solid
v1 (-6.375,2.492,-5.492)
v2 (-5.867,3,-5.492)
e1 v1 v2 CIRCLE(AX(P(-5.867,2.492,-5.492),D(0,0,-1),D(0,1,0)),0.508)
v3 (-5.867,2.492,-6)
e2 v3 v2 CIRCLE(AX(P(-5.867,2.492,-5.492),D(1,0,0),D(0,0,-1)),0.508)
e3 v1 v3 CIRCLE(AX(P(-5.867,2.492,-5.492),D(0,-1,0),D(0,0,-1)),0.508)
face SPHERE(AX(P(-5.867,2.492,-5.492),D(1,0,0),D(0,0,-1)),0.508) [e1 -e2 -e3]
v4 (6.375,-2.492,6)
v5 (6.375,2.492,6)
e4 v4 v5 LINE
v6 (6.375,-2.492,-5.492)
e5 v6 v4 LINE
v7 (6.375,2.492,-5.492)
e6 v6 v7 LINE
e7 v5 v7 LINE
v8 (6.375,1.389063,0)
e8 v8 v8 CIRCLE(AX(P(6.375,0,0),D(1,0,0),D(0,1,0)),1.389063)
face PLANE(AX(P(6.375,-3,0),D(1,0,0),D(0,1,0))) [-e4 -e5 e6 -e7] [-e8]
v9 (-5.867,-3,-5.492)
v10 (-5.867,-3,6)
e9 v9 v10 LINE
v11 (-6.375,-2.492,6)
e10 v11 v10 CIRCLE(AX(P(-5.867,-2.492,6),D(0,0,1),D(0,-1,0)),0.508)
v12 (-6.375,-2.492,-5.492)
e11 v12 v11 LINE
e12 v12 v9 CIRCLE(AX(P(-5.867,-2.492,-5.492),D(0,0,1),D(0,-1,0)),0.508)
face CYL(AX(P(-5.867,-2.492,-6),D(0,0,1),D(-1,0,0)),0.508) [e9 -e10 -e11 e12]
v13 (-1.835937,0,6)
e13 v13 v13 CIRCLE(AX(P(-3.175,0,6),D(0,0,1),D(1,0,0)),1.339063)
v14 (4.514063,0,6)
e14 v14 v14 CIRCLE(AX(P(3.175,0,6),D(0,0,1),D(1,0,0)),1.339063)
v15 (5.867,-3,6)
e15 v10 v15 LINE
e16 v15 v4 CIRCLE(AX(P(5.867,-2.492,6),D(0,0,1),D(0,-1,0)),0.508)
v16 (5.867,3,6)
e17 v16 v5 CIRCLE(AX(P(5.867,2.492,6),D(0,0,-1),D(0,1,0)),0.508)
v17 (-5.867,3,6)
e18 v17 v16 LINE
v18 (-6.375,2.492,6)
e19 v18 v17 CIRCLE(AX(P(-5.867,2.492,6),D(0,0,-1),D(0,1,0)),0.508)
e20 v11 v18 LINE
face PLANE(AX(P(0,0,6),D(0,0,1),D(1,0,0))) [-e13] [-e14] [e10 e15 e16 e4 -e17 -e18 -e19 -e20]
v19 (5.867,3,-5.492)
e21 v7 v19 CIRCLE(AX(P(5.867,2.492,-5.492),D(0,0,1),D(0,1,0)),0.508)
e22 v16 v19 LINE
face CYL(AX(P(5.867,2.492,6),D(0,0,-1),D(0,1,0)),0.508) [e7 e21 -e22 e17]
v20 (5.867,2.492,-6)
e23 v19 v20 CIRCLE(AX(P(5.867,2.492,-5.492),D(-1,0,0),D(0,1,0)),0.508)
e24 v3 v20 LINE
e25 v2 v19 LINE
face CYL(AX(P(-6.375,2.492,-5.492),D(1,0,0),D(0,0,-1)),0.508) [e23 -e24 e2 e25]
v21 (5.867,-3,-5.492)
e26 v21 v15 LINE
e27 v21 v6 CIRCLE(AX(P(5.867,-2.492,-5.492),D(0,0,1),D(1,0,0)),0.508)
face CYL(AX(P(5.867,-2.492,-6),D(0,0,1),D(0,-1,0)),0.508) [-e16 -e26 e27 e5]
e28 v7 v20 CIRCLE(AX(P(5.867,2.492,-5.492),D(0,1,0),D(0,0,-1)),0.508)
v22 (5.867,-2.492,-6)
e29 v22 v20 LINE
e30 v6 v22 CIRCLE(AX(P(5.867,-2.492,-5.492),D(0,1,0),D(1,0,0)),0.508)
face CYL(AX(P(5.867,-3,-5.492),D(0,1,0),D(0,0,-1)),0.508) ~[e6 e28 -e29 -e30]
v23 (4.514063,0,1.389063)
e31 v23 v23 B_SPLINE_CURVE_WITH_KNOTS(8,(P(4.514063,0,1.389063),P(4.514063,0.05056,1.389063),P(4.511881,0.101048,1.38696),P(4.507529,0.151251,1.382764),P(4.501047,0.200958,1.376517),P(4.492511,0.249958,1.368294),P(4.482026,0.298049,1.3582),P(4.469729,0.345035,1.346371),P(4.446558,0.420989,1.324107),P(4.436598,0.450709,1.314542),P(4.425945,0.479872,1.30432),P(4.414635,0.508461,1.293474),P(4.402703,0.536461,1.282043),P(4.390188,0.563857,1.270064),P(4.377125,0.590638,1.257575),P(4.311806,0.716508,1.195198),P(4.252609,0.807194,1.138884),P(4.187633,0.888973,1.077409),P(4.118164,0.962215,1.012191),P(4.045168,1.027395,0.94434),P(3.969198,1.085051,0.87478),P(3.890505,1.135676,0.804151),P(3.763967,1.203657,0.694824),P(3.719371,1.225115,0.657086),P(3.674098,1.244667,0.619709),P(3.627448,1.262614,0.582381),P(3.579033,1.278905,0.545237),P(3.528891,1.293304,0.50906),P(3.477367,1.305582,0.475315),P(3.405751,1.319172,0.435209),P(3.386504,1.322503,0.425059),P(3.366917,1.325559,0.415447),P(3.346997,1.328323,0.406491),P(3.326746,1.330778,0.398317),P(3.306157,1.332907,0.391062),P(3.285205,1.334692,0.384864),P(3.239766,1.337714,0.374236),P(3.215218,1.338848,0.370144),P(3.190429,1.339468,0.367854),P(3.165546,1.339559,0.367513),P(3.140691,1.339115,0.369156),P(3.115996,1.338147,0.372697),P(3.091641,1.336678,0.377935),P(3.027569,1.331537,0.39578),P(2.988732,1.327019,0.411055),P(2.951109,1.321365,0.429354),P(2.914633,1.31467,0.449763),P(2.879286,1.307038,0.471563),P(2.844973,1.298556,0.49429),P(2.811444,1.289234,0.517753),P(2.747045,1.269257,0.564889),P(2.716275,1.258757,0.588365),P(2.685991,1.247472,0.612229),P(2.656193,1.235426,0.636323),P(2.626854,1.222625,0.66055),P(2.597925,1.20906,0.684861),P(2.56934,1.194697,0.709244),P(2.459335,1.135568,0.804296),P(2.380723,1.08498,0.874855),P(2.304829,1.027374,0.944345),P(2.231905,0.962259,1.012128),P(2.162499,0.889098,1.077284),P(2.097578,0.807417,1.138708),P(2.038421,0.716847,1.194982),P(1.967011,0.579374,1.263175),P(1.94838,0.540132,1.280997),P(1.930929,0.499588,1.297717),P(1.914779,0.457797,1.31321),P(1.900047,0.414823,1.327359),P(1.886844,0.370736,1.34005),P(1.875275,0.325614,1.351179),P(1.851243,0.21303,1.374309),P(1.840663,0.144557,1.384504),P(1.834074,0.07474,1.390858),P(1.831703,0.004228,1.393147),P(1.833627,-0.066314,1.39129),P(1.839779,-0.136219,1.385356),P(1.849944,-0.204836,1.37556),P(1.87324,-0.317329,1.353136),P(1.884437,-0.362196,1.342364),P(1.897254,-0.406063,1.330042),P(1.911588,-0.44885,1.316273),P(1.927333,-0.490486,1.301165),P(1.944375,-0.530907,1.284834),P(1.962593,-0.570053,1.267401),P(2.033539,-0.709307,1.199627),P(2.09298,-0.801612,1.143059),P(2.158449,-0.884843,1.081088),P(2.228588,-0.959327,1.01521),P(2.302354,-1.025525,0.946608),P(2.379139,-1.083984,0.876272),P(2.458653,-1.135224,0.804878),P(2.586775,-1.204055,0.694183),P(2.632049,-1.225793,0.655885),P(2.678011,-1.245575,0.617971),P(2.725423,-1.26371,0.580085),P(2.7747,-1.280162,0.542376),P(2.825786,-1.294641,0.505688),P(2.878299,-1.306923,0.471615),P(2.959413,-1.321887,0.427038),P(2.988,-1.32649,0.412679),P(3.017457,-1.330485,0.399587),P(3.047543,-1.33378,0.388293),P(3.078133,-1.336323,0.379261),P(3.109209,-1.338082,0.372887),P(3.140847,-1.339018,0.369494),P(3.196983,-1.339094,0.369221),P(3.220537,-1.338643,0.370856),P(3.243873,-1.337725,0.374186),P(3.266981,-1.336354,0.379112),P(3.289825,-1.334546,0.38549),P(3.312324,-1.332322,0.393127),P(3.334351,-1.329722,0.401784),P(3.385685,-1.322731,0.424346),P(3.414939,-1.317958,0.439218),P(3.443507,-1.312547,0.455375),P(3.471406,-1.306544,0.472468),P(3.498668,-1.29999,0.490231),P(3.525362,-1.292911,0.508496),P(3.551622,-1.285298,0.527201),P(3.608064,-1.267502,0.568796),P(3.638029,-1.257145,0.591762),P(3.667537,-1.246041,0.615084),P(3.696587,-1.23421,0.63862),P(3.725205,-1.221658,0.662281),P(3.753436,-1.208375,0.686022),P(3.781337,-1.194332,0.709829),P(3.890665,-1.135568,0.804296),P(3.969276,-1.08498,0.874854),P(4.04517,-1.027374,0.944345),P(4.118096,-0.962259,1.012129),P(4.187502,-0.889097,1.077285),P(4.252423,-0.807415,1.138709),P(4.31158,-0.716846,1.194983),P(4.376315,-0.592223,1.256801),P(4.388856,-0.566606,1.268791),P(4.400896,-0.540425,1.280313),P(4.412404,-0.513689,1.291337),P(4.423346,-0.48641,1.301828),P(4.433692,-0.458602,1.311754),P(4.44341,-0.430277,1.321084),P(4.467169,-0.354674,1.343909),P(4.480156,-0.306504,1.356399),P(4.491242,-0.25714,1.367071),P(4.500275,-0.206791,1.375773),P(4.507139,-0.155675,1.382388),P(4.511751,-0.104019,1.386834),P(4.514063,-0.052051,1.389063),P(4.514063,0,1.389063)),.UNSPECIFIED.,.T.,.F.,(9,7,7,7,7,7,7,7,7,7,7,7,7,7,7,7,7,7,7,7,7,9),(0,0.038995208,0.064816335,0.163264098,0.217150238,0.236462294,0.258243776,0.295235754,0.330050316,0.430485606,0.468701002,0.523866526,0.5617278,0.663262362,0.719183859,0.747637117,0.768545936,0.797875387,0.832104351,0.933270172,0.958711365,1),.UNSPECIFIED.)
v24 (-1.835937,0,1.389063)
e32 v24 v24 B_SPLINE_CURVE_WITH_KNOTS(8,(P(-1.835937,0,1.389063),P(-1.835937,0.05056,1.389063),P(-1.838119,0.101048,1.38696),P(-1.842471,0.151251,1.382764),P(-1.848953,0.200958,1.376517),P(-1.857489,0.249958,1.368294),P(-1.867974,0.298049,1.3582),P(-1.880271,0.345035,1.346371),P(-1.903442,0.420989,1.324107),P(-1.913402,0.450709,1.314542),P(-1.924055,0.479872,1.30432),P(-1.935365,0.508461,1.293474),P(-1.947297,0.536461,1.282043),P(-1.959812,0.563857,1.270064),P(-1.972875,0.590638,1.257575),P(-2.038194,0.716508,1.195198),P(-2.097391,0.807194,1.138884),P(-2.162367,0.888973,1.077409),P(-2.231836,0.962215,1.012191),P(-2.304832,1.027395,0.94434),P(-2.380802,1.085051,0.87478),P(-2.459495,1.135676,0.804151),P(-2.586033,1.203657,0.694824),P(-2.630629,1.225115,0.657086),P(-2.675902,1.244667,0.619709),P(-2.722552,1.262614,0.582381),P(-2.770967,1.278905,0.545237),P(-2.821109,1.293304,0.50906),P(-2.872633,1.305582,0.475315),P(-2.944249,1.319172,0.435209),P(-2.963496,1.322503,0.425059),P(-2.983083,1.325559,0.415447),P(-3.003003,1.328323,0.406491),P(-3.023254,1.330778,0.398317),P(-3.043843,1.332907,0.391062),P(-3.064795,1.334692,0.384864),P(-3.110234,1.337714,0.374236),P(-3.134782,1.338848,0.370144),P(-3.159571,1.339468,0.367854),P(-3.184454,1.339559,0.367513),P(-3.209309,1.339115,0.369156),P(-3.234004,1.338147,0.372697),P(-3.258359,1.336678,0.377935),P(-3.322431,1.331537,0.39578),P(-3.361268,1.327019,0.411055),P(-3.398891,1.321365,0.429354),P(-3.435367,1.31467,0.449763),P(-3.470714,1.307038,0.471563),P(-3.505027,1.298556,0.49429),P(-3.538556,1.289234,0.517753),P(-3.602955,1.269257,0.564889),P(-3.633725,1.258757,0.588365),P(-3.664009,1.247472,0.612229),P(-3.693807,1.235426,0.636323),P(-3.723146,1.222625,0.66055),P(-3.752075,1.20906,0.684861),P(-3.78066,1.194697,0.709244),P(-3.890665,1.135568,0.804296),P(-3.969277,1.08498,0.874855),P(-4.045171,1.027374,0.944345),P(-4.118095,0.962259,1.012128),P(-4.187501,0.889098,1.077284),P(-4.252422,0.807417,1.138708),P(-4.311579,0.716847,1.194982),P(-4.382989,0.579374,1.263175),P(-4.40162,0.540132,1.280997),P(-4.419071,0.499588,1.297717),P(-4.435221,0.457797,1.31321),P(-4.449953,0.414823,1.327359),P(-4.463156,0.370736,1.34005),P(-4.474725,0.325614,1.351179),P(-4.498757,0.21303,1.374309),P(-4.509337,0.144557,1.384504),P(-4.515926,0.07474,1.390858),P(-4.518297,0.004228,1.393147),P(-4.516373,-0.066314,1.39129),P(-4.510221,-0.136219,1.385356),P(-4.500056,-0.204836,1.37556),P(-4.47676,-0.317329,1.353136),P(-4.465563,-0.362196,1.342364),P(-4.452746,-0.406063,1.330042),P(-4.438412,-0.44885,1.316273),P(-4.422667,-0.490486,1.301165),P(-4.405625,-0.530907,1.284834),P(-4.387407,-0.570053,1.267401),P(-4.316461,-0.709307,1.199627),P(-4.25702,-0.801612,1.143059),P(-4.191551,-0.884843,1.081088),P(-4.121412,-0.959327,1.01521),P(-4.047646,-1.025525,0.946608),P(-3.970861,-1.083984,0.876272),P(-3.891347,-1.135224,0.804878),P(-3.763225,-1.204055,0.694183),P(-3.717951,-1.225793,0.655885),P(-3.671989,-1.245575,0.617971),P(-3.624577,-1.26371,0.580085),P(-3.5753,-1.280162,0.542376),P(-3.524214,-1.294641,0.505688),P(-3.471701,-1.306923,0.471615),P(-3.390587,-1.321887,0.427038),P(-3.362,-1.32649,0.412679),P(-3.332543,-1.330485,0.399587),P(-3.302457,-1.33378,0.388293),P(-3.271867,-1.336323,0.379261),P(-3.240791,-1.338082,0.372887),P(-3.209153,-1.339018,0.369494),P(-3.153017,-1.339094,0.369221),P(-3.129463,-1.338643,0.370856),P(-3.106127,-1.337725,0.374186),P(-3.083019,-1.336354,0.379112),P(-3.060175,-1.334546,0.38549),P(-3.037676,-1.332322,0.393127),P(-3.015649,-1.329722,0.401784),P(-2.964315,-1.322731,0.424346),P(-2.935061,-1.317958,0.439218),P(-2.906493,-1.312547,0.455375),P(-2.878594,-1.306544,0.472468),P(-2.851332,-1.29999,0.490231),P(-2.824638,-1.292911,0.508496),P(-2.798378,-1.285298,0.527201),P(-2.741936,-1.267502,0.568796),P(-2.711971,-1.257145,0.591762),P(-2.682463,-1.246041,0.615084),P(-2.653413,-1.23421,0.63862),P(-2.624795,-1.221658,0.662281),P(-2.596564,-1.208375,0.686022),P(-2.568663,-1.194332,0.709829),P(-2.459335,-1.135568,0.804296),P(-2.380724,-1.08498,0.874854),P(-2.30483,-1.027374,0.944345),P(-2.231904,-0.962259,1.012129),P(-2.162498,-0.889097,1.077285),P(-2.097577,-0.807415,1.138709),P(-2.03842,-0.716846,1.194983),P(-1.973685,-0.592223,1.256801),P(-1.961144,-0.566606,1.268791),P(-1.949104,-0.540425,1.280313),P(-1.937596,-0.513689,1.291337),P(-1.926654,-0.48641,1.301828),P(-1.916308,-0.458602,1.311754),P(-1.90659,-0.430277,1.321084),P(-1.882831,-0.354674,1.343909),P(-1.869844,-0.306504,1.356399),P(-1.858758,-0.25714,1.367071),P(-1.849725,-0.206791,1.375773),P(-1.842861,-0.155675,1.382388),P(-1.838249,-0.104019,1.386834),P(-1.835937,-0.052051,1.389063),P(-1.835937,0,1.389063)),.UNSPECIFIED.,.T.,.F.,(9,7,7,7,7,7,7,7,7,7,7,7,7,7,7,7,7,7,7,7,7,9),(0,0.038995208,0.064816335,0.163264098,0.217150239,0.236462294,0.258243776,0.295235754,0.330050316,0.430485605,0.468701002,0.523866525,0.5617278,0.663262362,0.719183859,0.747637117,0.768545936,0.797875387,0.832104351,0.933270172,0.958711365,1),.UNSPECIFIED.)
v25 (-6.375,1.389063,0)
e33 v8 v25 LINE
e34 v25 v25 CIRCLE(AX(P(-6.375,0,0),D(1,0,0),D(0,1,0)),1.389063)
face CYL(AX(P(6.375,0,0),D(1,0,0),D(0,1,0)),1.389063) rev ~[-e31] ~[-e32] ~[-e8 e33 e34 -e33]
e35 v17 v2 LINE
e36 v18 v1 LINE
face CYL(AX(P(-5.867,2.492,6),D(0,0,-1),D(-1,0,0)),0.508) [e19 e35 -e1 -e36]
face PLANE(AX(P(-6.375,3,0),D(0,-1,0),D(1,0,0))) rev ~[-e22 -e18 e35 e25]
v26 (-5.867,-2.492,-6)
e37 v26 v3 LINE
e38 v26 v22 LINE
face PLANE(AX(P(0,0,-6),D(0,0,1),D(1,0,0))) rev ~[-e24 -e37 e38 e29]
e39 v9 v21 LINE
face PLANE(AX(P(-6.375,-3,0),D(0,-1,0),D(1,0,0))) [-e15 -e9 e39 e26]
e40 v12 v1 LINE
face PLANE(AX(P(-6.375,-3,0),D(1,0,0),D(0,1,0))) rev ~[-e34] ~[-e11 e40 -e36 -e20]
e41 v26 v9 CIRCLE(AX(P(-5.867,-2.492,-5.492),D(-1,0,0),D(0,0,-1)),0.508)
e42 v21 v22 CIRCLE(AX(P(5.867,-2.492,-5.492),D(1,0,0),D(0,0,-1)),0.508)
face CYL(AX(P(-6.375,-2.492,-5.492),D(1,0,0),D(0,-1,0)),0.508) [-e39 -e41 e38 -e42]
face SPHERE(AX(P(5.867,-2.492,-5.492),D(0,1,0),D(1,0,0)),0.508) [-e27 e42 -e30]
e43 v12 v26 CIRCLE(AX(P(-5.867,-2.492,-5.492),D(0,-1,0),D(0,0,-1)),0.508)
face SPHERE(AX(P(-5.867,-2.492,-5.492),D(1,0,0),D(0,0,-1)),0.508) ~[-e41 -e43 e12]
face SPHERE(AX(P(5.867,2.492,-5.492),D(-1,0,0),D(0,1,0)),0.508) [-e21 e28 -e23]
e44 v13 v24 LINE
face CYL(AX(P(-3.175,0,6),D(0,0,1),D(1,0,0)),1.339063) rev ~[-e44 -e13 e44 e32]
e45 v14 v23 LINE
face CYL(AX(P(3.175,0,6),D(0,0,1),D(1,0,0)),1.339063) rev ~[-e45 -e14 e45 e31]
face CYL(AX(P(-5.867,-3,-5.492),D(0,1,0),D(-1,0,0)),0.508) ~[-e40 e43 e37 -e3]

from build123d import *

# Parameters (mm, degrees)
F0_W     = 12.75
F0_H     = 6
F1_DEPTH = 6
F2_R     = 1.389063
F3_DEPTH = 12.751
F4_R     = 1.339063
F5_DEPTH = 6.35
F6_R     = 0.508


with BuildPart() as f1:
    # F0 (on Top) → F1 (new body, symmetric)
    with BuildSketch(Plane.XY):
        Rectangle(F0_W, F0_H)
    extrude(amount=F1_DEPTH, both=True)

    # F2 (on face) → F3 (cut, through all)
    with BuildSketch(Plane.YZ.offset(6.375)):
        Circle(F2_R)
    extrude(amount=-F3_DEPTH, mode=Mode.SUBTRACT)

    # F4 (on face) → F5 (cut)
    with BuildSketch(Plane.XY.offset(6)):
        with Locations((-3.175, 0)):
            Circle(F4_R)
        with Locations((3.175, 0)):
            Circle(F4_R)
    extrude(amount=-F5_DEPTH, mode=Mode.SUBTRACT)

    # F6
    f6_edges = [f1.edges().sort_by_distance(p)[0] for p in [
        (0, 3, -6),
        (6.375, 3, 0),
        (6.375, 0, -6),
        (6.375, -3, 0),
        (0, -3, -6),
        (-6.375, 0, -6),
        (-6.375, 3, 0),
        (-6.375, -3, 0),
    ]]
    fillet(f6_edges, radius=F6_R)


solid = f1.part
